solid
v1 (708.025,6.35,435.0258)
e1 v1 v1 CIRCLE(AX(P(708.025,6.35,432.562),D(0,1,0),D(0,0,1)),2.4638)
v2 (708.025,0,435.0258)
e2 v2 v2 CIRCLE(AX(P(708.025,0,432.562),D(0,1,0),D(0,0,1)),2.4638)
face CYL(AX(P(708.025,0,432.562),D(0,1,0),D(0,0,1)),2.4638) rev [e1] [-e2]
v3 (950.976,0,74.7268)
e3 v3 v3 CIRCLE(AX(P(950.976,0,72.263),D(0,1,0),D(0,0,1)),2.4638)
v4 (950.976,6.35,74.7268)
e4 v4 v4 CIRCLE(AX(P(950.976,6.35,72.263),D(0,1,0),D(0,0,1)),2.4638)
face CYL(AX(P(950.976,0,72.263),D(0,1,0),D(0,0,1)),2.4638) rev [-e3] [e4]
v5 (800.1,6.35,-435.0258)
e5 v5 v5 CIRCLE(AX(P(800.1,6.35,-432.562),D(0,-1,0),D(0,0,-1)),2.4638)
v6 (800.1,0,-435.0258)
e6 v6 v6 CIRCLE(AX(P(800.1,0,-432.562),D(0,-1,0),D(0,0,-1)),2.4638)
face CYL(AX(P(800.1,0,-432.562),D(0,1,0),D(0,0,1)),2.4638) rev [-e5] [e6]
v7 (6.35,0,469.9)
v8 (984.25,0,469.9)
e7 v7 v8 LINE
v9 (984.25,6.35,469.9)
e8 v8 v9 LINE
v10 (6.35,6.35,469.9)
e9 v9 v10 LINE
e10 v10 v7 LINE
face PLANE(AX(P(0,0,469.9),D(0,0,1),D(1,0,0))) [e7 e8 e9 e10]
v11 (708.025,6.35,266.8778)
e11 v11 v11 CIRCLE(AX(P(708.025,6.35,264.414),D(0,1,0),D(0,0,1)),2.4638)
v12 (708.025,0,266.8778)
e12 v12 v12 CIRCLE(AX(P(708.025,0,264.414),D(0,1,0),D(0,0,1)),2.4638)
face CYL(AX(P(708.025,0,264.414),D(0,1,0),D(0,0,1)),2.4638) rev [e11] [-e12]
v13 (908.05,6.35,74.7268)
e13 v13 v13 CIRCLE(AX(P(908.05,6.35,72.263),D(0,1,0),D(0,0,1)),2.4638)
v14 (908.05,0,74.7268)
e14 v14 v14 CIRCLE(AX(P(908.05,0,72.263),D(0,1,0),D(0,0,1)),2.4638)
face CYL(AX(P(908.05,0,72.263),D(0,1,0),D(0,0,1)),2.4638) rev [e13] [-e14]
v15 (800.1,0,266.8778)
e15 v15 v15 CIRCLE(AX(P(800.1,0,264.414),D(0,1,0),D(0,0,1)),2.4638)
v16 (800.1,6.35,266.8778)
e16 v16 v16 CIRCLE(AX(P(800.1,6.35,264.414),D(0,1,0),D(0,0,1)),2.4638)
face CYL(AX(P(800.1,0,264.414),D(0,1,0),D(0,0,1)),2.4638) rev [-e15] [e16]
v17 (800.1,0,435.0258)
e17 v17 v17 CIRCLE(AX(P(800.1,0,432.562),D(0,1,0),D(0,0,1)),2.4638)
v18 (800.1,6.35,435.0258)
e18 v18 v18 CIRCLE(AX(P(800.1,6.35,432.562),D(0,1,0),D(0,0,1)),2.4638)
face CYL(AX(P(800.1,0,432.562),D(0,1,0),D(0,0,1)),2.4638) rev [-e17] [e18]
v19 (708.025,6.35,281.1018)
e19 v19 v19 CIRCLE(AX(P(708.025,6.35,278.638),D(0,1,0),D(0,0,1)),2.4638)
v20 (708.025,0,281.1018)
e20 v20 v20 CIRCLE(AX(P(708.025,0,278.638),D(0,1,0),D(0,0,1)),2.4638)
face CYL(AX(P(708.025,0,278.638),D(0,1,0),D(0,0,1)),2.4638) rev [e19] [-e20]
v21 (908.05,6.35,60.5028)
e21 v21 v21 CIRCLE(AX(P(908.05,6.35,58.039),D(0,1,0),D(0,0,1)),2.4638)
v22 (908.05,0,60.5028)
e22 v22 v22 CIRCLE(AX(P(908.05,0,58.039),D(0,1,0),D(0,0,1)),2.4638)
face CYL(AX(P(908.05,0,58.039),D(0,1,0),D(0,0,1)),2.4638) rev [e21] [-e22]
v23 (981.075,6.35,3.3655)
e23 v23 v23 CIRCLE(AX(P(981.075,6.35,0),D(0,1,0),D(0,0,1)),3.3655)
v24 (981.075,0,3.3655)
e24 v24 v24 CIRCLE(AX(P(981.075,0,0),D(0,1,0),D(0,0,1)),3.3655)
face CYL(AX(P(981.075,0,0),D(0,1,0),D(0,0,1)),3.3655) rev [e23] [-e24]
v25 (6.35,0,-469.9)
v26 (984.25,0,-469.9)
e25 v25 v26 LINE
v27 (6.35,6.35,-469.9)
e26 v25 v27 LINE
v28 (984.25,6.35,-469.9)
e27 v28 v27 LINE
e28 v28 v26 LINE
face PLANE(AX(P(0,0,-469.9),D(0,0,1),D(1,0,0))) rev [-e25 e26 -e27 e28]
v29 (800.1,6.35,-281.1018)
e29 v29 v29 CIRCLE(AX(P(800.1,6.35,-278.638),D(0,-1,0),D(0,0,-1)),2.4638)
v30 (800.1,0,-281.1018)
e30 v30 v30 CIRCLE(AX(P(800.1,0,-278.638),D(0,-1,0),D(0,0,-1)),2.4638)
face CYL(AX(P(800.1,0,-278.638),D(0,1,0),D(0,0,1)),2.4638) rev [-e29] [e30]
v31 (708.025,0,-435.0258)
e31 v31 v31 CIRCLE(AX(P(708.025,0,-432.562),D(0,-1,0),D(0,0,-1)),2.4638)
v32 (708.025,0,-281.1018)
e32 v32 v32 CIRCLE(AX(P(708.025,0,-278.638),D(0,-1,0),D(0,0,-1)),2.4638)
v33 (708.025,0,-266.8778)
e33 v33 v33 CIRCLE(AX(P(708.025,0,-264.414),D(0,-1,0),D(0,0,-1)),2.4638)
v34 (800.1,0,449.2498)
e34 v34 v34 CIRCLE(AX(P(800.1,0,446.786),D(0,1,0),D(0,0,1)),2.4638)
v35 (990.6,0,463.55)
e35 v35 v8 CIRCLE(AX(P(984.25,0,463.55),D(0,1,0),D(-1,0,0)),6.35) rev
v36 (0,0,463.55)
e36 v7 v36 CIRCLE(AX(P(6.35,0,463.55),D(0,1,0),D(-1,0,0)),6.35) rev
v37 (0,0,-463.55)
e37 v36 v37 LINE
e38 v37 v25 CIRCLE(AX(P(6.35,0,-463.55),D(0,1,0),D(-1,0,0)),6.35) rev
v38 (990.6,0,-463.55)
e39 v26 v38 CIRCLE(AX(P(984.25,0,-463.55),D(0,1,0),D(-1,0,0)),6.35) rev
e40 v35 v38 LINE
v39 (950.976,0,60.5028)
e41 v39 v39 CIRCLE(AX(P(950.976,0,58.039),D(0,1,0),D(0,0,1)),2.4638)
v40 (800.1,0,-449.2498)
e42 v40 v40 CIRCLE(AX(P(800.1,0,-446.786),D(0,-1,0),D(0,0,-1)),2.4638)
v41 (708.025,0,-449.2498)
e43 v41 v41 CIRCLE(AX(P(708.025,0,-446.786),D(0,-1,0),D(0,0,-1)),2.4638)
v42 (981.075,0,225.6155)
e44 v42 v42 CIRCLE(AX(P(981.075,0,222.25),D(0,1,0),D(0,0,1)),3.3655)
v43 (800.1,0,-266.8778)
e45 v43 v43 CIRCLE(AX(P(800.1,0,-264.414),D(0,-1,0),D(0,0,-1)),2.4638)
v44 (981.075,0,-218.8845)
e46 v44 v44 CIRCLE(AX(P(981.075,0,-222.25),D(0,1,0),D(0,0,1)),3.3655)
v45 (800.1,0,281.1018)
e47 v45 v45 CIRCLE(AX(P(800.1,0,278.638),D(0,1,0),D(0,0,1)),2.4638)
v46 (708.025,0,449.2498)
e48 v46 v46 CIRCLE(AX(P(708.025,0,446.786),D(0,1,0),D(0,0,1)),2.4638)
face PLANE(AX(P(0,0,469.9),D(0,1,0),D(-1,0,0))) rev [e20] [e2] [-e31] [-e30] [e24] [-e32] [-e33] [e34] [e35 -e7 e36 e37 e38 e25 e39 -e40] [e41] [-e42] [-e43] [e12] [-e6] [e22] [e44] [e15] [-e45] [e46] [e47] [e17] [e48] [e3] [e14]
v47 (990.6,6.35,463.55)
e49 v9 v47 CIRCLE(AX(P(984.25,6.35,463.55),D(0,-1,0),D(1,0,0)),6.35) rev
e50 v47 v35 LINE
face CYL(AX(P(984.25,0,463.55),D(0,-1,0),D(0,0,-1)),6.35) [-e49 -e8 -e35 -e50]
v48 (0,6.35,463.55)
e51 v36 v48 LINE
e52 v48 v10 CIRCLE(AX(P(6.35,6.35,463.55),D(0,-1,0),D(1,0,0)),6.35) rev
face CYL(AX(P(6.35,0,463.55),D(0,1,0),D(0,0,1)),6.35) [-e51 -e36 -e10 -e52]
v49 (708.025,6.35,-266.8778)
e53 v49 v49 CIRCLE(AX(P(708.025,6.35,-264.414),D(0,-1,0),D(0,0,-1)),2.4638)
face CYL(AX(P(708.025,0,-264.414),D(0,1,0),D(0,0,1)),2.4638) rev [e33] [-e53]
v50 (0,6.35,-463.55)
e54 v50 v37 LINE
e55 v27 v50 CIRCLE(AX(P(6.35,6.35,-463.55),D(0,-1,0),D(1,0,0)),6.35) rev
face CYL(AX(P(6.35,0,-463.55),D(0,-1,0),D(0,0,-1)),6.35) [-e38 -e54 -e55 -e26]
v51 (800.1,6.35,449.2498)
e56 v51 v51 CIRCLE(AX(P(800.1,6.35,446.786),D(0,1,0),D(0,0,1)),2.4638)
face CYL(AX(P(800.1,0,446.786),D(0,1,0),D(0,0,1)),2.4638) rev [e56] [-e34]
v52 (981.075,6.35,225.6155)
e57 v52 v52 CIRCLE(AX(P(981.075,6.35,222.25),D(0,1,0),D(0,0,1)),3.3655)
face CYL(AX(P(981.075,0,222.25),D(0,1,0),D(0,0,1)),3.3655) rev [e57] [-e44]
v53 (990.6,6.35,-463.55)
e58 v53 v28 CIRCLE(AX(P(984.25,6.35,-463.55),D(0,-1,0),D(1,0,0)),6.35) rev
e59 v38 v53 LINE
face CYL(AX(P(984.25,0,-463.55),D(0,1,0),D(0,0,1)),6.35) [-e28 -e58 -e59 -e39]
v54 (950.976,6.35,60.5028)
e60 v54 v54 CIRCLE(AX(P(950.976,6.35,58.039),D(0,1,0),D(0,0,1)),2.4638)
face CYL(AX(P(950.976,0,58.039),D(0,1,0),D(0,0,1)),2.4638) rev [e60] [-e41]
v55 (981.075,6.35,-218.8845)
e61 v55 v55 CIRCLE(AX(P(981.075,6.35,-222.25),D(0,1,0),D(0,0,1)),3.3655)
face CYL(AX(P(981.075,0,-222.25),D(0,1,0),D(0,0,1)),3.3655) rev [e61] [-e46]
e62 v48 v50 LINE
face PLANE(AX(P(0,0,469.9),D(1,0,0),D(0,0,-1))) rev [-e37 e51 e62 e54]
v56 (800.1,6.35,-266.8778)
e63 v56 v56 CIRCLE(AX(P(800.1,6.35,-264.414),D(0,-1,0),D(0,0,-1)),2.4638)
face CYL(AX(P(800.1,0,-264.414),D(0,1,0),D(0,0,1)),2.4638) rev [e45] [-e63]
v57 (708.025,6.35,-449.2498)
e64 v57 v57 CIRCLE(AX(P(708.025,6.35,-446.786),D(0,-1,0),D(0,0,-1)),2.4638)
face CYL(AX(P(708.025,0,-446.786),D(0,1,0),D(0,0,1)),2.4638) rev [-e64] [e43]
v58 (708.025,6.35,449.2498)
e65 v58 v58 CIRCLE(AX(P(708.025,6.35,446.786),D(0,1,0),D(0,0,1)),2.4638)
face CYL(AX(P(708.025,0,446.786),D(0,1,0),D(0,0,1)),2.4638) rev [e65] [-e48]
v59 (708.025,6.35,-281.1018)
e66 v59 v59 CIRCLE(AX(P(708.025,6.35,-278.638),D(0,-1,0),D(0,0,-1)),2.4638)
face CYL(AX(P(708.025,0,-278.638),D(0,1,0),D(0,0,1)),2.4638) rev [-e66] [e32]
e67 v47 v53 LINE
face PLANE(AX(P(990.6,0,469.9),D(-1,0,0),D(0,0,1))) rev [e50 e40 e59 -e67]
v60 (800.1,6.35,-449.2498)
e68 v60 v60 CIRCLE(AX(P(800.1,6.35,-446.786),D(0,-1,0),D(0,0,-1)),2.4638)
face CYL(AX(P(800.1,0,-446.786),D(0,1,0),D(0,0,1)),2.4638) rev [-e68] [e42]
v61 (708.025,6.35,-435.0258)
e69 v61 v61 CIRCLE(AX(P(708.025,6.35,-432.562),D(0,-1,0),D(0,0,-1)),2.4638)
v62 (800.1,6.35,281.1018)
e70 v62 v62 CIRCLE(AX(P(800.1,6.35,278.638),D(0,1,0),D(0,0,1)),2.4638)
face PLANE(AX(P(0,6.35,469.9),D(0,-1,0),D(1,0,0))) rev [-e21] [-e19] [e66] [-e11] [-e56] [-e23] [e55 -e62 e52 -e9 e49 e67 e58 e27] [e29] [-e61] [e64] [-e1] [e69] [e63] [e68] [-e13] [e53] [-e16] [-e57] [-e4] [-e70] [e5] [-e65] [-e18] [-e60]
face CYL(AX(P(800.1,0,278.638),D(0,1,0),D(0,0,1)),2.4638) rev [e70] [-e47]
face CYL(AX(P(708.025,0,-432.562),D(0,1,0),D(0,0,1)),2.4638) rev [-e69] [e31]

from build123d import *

# Parameters (mm, degrees)
SKETCH1_W           = 990.6
SKETCH1_H           = 6.35
BOSS_EXTRUDE1_DEPTH = 469.9
SKETCH2_R           = 2.4638
CUT_EXTRUDE1_DEPTH  = 7.35
SKETCH3_R           = 2.4638
CUT_EXTRUDE2_DEPTH  = 7.35
SKETCH4_R           = 3.3655
CUT_EXTRUDE3_DEPTH  = 7.35
FILLET1_R           = 6.35


with BuildPart() as part:
    # Sketch1 → Boss-Extrude1 (new body, symmetric)
    with BuildSketch(Plane.XY):
        with Locations((495.3, 3.175)):
            Rectangle(SKETCH1_W, SKETCH1_H)
    extrude(amount=BOSS_EXTRUDE1_DEPTH, both=True)

    # Sketch2 → Cut-Extrude1 (cut, through all)
    with BuildSketch(Plane(origin=(0, 6.35, 0), x_dir=(1, 0, 0), z_dir=(0, 1, 0))):
        with Locations((908.05, -72.263)):
            Circle(SKETCH2_R)
        with Locations((908.05, -58.039)):
            Circle(SKETCH2_R)
        with Locations((950.976, -72.263)):
            Circle(SKETCH2_R)
        with Locations((950.976, -58.039)):
            Circle(SKETCH2_R)
    extrude(amount=-CUT_EXTRUDE1_DEPTH, mode=Mode.SUBTRACT)

    # Sketch3 → Cut-Extrude2 (cut, through all)
    with BuildSketch(Plane(origin=(0, 6.35, 0), x_dir=(1, 0, 0), z_dir=(0, 1, 0))):
        with Locations((800.1, -446.786)):
            Circle(SKETCH3_R)
        with Locations((708.025, -446.786)):
            Circle(SKETCH3_R)
        with Locations((708.025, -432.562)):
            Circle(SKETCH3_R)
        with Locations((800.1, -432.562)):
            Circle(SKETCH3_R)
        with Locations((708.025, -264.414)):
            Circle(SKETCH3_R)
        with Locations((708.025, -278.638)):
            Circle(SKETCH3_R)
        with Locations((800.1, -264.414)):
            Circle(SKETCH3_R)
        with Locations((800.1, -278.638)):
            Circle(SKETCH3_R)
    cut_extrude2 = extrude(amount=-CUT_EXTRUDE2_DEPTH, mode=Mode.SUBTRACT)

    # Mirror1: Cut-Extrude2 across plane
    add(cut_extrude2.mirror(Plane.XY), mode=Mode.SUBTRACT)

    # Sketch4 → Cut-Extrude3 (cut, through all)
    with BuildSketch(Plane(origin=(0, 6.35, 0), x_dir=(1, 0, 0), z_dir=(0, 1, 0))):
        with Locations((981.075, 0)):
            Circle(SKETCH4_R)
        with Locations((981.075, 222.25)):
            Circle(SKETCH4_R)
        with Locations((981.075, -222.25)):
            Circle(SKETCH4_R)
    extrude(amount=-CUT_EXTRUDE3_DEPTH, mode=Mode.SUBTRACT)

    # Fillet1
    fillet1_edges = [part.edges().sort_by_distance(p)[0] for p in [
        (0, 3.175, 469.9),
        (0, 3.175, -469.9),
        (990.6, 3.175, -469.9),
        (990.6, 3.175, 469.9),
    ]]
    fillet(fillet1_edges, radius=FILLET1_R)


solid = part.part
